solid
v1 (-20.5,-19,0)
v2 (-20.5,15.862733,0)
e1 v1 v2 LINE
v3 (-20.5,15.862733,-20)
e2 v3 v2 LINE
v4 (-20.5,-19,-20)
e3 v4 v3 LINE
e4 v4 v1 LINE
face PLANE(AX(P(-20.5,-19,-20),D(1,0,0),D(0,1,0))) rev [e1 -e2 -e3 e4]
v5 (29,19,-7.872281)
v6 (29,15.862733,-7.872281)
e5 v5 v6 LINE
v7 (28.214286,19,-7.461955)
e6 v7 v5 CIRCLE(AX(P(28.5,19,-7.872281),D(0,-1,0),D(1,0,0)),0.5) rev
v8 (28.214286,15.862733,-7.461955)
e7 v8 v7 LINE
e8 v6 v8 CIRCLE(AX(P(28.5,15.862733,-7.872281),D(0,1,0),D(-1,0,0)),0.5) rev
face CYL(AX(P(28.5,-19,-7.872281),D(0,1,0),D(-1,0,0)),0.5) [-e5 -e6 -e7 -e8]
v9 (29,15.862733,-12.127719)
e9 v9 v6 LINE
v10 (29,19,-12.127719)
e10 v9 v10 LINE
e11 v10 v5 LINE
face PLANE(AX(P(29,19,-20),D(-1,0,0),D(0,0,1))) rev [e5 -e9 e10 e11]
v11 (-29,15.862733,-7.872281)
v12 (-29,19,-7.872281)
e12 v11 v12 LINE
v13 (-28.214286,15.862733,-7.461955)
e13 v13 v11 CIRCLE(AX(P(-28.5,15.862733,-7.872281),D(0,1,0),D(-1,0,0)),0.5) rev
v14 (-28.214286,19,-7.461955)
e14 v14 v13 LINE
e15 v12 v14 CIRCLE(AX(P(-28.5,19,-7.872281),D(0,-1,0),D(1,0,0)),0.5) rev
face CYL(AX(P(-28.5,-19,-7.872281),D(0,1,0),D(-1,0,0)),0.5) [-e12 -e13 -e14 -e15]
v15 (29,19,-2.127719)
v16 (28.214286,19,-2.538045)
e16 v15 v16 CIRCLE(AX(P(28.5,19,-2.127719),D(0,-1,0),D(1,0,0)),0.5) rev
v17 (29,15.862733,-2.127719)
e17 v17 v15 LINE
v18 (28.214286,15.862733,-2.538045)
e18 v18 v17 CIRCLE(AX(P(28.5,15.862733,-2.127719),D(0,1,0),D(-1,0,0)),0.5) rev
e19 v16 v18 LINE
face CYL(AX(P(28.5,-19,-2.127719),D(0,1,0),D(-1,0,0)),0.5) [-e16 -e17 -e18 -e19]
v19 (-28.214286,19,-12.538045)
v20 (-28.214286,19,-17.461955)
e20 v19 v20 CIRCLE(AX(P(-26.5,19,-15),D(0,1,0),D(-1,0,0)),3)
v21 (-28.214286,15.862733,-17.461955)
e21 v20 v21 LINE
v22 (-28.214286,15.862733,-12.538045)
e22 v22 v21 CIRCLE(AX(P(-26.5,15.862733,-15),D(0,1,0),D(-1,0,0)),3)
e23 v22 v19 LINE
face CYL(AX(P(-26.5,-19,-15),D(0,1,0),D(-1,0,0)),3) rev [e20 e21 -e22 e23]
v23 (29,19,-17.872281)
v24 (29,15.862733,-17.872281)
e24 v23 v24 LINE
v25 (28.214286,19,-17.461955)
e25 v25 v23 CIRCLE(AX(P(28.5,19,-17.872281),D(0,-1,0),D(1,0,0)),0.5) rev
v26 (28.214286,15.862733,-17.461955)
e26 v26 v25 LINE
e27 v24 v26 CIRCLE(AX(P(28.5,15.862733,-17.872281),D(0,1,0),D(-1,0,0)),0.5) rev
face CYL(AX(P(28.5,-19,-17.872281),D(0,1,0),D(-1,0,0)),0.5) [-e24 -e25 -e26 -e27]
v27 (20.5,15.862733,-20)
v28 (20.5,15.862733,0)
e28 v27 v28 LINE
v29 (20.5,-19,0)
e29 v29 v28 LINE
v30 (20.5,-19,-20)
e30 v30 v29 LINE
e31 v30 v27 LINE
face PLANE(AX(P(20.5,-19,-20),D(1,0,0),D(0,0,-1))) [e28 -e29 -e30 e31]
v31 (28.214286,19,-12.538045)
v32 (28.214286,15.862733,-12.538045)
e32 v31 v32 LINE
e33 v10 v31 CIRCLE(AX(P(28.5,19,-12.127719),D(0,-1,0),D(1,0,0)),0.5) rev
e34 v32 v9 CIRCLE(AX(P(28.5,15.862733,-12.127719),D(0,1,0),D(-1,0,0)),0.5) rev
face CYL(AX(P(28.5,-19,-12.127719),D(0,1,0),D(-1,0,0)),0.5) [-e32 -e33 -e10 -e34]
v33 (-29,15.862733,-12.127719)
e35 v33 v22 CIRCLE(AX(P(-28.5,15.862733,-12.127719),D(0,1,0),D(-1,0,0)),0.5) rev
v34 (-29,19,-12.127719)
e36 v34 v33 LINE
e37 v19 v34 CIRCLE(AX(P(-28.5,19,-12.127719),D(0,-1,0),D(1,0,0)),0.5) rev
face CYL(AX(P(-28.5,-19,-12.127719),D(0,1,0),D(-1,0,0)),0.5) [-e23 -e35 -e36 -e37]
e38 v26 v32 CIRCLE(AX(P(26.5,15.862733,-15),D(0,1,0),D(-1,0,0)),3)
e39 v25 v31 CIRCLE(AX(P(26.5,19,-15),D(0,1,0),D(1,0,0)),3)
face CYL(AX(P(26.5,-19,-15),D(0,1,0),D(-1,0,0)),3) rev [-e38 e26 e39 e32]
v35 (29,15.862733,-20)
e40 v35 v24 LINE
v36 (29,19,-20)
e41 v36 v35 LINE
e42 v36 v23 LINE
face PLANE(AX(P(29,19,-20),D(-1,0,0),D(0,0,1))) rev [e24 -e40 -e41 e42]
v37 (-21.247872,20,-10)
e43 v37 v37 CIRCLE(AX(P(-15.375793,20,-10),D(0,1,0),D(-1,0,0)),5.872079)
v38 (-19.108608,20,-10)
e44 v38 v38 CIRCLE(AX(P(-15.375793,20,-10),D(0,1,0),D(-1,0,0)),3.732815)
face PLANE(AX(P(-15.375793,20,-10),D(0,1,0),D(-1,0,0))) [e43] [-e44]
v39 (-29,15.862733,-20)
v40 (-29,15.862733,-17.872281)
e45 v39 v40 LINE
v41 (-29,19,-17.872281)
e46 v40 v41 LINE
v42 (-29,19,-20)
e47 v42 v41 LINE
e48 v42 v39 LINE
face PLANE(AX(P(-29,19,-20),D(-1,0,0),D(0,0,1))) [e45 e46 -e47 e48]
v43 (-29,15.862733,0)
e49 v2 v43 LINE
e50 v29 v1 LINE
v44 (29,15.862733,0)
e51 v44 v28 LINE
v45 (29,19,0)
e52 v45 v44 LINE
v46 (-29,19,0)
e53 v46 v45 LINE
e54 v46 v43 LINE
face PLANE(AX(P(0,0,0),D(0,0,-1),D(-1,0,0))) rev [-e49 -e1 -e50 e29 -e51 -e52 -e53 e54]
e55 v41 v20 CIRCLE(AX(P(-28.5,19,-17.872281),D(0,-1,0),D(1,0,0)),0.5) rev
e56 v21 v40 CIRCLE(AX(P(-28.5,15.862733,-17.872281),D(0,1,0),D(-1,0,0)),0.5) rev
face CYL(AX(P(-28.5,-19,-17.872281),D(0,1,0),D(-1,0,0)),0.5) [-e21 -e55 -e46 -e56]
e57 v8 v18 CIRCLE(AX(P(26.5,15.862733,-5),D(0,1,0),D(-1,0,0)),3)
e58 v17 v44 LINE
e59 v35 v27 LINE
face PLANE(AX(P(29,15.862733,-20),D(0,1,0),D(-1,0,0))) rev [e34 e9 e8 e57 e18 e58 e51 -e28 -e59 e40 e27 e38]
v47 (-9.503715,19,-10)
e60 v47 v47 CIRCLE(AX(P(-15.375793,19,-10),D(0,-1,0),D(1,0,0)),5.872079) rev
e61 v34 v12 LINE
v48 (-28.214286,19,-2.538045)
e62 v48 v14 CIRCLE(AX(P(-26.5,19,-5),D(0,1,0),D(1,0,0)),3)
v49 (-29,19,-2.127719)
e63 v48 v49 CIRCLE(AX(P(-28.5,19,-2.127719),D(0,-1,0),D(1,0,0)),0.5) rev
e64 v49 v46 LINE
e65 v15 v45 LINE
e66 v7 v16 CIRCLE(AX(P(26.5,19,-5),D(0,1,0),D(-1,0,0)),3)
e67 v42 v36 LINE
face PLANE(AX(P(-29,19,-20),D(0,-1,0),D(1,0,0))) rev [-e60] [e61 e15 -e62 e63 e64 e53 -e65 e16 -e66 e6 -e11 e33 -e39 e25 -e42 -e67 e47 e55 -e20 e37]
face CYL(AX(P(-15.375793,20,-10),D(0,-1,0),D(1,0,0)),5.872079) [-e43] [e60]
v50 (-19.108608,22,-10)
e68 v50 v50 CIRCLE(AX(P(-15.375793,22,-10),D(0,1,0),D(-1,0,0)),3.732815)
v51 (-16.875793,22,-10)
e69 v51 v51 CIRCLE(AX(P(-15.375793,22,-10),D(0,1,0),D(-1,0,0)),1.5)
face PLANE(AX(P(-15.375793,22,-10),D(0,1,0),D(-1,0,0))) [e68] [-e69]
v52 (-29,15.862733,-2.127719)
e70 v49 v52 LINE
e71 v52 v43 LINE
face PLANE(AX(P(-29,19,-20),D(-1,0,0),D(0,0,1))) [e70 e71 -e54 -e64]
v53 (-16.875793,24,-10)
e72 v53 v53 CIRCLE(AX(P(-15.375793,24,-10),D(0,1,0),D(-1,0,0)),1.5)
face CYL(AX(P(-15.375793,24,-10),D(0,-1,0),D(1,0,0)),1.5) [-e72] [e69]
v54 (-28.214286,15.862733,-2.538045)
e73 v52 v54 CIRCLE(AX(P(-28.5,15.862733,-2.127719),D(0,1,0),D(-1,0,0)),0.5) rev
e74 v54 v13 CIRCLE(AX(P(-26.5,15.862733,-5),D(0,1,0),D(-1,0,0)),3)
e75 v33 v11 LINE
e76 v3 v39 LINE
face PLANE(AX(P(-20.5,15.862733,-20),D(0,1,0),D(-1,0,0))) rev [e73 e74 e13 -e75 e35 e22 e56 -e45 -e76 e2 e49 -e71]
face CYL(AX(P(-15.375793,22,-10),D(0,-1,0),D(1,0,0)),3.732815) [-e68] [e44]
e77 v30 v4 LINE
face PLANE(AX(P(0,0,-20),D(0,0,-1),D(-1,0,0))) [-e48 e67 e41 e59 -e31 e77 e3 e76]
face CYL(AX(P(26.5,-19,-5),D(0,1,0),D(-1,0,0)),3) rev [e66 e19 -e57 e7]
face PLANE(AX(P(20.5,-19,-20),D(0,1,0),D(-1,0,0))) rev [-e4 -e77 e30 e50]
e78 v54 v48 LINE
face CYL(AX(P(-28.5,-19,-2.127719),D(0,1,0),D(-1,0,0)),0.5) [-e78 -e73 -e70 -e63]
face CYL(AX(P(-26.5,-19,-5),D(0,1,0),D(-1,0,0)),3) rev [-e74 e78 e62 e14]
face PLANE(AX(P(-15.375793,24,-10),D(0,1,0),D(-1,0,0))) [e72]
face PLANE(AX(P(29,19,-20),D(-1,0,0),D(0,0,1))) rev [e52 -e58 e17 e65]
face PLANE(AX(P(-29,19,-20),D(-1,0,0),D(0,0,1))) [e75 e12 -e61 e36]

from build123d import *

# Parameters (mm, degrees)
BOSS_EXTRUDE1_DEPTH = 20
SKETCH2_R           = 3
CUT_EXTRUDE2_DEPTH  = 39
FILLET1_R           = 0.5
SKETCH4_R           = 5.872078672
BOSS_EXTRUDE2_DEPTH = 1
SKETCH5_R           = 3.732814836
BOSS_EXTRUDE3_DEPTH = 2
SKETCH8_R           = 1.5
BOSS_EXTRUDE4_DEPTH = 2


with BuildPart() as part:
    # Sketch1 → Boss-Extrude1 (new body)
    with BuildSketch(Plane.XY):
        Polygon((-29, 19), (29, 19), (29, 15.862733035), (20.5, 15.862733035), (20.5, -19), (-20.5, -19), (-20.5, 15.862733035), (-29, 15.862733035), align=None)
    extrude(amount=-BOSS_EXTRUDE1_DEPTH)

    # Sketch2 → Cut-Extrude2 (cut, through all)
    with BuildSketch(Plane(origin=(0, 19, 0), x_dir=(1, 0, 0), z_dir=(0, 1, 0))):
        with Locations((26.5, 5)):
            Circle(SKETCH2_R)
        with Locations((26.5, 15)):
            Circle(SKETCH2_R)
        with Locations((-26.5, 5)):
            Circle(SKETCH2_R)
        with Locations((-26.5, 15)):
            Circle(SKETCH2_R)
    extrude(amount=-CUT_EXTRUDE2_DEPTH, mode=Mode.SUBTRACT)

    # Fillet1
    fillet1_edges = [part.edges().sort_by_distance(p)[0] for p in [
        (29, 17.431366518, -3.341687605),
        (29, 17.431366518, -6.658312395),
        (29, 17.431366518, -13.341687605),
        (29, 17.431366518, -16.658312395),
        (-29, 17.431366518, -3.341687605),
        (-29, 17.431366518, -6.658312395),
        (-29, 17.431366518, -13.341687605),
        (-29, 17.431366518, -16.658312395),
    ]]
    fillet(fillet1_edges, radius=FILLET1_R)

    # Sketch4 → Boss-Extrude2 (add)
    with BuildSketch(Plane(origin=(0, 19, 0), x_dir=(1, 0, 0), z_dir=(0, 1, 0))):
        with Locations((-15.375793184, 10)):
            Circle(SKETCH4_R)
    extrude(amount=BOSS_EXTRUDE2_DEPTH)

    # Sketch5 → Boss-Extrude3 (add)
    with BuildSketch(Plane(origin=(0, 20, 0), x_dir=(1, 0, 0), z_dir=(0, 1, 0))):
        with Locations((-15.375793184, 10)):
            Circle(SKETCH5_R)
    extrude(amount=BOSS_EXTRUDE3_DEPTH)

    # Sketch8 → Boss-Extrude4 (add)
    with BuildSketch(Plane(origin=(0, 22, 0), x_dir=(1, 0, 0), z_dir=(0, 1, 0))):
        with Locations((-15.375793184, 10)):
            Circle(SKETCH8_R)
    extrude(amount=BOSS_EXTRUDE4_DEPTH)


solid = part.part
